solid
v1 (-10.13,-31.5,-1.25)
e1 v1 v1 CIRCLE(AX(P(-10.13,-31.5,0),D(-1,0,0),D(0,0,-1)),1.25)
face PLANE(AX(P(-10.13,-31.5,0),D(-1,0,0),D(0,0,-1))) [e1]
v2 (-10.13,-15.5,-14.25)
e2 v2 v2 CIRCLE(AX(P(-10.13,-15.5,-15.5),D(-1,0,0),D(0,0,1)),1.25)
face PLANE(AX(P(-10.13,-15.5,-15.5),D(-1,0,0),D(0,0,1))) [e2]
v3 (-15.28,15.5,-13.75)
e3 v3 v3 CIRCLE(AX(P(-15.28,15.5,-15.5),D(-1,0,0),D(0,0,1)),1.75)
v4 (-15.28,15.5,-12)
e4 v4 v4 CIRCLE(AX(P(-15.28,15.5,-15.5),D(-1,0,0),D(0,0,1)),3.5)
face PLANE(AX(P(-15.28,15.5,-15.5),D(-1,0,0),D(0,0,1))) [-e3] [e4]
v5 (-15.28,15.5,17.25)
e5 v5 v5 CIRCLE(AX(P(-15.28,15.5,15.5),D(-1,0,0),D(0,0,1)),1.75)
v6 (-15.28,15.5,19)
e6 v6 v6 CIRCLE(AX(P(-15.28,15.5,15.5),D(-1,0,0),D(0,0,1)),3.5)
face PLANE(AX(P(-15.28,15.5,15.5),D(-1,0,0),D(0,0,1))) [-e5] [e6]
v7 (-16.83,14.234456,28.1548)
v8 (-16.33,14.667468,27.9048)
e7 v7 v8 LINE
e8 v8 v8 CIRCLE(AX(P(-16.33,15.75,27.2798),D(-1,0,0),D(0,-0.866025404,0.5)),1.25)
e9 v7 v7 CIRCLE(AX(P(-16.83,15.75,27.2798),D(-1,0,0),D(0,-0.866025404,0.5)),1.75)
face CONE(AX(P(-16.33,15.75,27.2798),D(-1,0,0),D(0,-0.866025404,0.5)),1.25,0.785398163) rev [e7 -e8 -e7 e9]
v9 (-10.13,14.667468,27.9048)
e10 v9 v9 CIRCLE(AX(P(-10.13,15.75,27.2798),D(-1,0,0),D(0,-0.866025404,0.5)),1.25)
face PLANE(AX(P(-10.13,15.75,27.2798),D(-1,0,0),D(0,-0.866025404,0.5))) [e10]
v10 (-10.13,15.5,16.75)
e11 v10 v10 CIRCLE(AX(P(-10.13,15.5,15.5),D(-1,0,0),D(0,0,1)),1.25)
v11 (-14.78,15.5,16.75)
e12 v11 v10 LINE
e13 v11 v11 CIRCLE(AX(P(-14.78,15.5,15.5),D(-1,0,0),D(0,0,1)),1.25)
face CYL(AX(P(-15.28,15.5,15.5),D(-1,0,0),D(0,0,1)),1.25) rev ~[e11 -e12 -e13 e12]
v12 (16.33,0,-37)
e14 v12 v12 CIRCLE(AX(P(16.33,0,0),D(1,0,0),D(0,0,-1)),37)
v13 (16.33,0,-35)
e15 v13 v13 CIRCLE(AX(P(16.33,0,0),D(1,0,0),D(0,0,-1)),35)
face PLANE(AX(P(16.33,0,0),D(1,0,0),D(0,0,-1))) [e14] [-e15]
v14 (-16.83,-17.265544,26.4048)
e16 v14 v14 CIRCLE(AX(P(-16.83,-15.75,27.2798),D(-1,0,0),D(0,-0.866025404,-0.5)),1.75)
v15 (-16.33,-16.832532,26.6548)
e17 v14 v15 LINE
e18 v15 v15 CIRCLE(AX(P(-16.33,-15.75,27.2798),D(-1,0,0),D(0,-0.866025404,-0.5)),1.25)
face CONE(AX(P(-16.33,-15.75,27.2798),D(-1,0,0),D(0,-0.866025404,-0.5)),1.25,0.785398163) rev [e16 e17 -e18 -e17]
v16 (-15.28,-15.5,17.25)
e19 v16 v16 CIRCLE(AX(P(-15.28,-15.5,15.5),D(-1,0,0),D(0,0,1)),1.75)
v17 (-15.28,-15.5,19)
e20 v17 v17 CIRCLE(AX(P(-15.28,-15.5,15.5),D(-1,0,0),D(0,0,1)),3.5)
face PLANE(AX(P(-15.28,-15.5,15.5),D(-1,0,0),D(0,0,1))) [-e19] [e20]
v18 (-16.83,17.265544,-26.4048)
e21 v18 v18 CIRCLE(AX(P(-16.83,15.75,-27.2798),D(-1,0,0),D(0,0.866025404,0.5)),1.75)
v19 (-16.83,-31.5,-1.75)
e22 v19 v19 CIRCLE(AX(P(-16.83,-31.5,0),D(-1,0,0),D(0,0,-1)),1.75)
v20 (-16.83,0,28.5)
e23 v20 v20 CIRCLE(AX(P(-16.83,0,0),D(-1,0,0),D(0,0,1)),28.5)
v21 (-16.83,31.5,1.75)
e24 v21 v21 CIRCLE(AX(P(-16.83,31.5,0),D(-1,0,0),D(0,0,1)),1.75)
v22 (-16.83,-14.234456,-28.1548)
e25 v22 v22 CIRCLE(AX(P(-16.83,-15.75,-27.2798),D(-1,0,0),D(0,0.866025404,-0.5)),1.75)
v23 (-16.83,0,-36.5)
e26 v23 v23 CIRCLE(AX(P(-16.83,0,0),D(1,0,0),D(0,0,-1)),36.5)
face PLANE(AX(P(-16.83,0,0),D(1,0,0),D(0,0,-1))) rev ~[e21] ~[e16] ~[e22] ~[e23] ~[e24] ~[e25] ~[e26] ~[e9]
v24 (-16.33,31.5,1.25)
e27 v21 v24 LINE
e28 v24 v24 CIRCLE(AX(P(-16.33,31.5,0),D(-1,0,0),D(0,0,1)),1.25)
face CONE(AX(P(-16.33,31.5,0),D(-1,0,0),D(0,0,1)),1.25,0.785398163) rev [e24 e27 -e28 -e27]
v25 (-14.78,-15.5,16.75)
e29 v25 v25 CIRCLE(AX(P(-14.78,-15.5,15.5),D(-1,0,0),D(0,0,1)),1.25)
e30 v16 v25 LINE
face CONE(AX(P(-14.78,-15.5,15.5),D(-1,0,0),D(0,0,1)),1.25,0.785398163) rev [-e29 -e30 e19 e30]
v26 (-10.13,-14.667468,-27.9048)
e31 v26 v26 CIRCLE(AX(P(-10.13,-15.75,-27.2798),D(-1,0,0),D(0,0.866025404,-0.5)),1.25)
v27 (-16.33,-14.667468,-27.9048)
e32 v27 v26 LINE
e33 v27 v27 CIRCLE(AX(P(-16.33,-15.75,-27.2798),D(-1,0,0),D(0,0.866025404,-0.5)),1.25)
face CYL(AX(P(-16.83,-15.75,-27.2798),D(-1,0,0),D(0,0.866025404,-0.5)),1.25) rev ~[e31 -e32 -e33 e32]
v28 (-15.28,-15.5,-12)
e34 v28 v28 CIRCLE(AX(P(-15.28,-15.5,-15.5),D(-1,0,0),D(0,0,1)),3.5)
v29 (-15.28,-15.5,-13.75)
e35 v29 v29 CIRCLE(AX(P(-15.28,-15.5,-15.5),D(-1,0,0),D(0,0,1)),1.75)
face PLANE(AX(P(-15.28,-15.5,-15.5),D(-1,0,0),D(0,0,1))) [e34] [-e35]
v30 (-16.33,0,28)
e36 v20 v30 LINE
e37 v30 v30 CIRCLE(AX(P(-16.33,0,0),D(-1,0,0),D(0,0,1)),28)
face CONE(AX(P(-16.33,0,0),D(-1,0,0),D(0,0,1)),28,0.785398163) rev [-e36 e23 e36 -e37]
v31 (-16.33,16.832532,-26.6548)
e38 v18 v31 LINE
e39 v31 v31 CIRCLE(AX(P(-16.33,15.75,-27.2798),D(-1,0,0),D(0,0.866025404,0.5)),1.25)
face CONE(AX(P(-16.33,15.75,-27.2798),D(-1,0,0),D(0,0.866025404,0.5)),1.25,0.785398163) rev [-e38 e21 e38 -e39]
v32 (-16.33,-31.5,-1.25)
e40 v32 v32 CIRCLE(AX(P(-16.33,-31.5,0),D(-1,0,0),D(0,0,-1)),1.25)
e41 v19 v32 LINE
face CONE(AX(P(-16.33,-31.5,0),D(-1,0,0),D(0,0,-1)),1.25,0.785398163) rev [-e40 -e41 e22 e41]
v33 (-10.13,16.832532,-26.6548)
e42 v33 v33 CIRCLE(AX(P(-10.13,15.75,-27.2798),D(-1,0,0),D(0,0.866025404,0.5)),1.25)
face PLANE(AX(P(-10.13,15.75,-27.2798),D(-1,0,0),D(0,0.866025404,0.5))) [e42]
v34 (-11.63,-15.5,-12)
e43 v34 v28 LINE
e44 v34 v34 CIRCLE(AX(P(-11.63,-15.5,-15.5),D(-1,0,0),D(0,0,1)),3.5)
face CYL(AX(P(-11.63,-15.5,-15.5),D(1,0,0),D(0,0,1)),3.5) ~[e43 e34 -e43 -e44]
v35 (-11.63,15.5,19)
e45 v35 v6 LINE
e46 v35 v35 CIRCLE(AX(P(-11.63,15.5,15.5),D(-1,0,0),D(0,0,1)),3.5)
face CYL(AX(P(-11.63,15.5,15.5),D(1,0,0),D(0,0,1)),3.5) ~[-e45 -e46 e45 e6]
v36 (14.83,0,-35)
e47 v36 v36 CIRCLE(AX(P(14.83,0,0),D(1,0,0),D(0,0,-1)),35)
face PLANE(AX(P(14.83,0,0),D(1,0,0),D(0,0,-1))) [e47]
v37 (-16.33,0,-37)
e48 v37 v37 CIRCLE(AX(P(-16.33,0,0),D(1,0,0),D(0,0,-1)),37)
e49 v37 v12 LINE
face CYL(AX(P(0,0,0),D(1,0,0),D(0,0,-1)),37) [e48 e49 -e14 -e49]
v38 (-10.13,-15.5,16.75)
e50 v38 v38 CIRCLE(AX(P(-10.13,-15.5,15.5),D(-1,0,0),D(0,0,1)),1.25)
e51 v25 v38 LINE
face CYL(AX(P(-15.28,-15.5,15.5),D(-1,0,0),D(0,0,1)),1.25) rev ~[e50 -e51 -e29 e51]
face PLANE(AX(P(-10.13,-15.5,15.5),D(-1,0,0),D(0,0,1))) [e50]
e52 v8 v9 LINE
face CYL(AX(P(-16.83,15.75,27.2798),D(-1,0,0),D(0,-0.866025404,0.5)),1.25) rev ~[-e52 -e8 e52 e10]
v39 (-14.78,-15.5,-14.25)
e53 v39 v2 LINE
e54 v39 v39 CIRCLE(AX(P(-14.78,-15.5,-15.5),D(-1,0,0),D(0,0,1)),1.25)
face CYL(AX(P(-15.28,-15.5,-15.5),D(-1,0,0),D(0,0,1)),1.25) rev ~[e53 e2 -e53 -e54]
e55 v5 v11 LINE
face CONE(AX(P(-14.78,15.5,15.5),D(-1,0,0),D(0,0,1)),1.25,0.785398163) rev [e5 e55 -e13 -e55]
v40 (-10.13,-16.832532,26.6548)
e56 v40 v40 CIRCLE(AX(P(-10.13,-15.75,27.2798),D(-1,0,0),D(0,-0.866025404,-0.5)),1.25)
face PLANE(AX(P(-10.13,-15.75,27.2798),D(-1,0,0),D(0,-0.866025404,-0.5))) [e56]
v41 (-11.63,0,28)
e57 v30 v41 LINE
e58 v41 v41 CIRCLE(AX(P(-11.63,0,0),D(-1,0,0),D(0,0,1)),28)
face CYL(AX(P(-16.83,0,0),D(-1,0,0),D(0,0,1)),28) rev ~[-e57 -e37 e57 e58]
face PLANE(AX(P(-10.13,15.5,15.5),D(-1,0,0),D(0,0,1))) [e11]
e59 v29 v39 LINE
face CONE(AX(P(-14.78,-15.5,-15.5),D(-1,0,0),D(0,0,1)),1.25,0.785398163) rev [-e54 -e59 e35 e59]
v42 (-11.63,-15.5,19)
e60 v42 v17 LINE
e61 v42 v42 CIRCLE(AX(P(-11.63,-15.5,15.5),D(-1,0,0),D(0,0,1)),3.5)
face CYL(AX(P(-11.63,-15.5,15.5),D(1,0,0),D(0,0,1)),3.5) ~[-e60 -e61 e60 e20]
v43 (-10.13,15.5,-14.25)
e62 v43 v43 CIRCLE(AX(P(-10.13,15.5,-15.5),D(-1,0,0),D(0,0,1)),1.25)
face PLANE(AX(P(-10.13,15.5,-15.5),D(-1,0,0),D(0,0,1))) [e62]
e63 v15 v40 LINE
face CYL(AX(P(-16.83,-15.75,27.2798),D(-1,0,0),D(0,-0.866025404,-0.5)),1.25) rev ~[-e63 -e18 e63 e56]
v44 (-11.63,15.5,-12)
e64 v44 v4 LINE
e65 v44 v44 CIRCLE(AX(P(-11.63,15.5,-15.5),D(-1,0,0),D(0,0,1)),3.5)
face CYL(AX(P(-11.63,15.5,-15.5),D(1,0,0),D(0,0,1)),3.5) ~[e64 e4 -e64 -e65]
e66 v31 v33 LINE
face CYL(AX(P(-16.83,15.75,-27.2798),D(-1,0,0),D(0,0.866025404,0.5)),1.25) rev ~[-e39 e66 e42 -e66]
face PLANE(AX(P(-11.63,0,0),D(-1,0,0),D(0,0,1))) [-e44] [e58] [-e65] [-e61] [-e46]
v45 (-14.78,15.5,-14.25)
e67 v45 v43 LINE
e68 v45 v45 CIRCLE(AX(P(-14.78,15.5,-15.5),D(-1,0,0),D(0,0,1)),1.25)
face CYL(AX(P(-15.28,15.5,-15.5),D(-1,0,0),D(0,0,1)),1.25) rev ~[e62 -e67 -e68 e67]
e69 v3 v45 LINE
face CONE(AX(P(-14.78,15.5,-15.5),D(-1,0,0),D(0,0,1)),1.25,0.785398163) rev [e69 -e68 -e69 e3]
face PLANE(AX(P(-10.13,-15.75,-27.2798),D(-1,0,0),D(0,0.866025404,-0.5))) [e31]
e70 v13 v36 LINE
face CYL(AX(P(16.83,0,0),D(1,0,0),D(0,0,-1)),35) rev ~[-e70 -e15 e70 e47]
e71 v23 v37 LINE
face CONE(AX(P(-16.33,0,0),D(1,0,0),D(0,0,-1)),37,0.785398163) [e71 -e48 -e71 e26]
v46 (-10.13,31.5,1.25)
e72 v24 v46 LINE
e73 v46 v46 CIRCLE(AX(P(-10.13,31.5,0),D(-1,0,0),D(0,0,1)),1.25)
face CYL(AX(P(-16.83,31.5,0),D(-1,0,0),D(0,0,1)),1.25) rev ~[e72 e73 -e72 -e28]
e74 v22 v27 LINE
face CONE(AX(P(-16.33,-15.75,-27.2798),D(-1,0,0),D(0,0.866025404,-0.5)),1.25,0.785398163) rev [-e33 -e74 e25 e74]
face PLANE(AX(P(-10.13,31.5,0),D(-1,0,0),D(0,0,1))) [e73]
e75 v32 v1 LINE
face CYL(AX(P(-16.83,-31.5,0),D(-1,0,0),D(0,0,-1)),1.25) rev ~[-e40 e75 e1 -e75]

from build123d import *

# Parameters (mm, degrees)
SKETCH1_R                    = 37
BOSS_EXTRUDE1_DEPTH          = 16.83
SKETCH2_R                    = 1.25
CUT_EXTRUDE1_DEPTH           = 6.7
CHAMFER1_SIZE                = 0.5
CIRPATTERN1_COUNT            = 6
CHAMFER1_OF_CIRPATTERN1_SIZE = 0.5
SKETCH3_R                    = 28
CUT_EXTRUDE2_DEPTH           = 5.2
SKETCH4_R                    = 3.5
BOSS_EXTRUDE2_DEPTH          = 3.65
SKETCH5_R                    = 1.25
CUT_EXTRUDE3_DEPTH           = 5.15
CHAMFER2_SIZE                = 0.5
CHAMFER3_SIZE                = 0.5
SKETCH6_R                    = 35
CUT_EXTRUDE4_DEPTH           = 2
SKETCH7_R                    = 37
SKETCH7_R_2                  = 35
CUT_EXTRUDE5_DEPTH           = 0.5


with BuildPart() as part:
    # Sketch1 → Boss-Extrude1 (new, symmetric)
    with BuildSketch(Plane(origin=(0, 0, 0), x_dir=(0, 0, -1), z_dir=(1, 0, 0))):
        Circle(SKETCH1_R)
    extrude(amount=BOSS_EXTRUDE1_DEPTH, both=True)

    # Sketch2 → Cut-Extrude1 (cut)
    with BuildSketch(Plane.ZY.offset(16.83)):
        with Locations((0, 31.5)):
            Circle(SKETCH2_R)
    cut_extrude1 = extrude(amount=-CUT_EXTRUDE1_DEPTH, mode=Mode.SUBTRACT)

    # Chamfer1
    chamfer1_edges = [part.edges().sort_by_distance(p)[0] for p in [
        (-16.83, 31.5, -1.25),
    ]]
    chamfer(chamfer1_edges, length=CHAMFER1_SIZE)

    # CirPattern1: Cut-Extrude1 ×6 about axis
    cirpattern1_axis = Axis((0, 0, 0), (1, 0, 0))
    for i in range(1, CIRPATTERN1_COUNT):
        add(cut_extrude1.rotate(cirpattern1_axis, i * 360 / CIRPATTERN1_COUNT), mode=Mode.SUBTRACT)

    # Chamfer1 of CirPattern1
    chamfer1_of_cirpattern1_edges = [part.edges().sort_by_distance(p)[0] for p in [
        (-16.83, 16.832531755, 26.654800219),
        (-16.83, -14.667468245, 27.904800219),
        (-16.83, -31.5, 1.25),
        (-16.83, -16.832531755, -26.654800219),
        (-16.83, 14.667468245, -27.904800219),
    ]]
    chamfer(chamfer1_of_cirpattern1_edges, length=CHAMFER1_OF_CIRPATTERN1_SIZE)

    # Sketch3 → Cut-Extrude2 (cut)
    with BuildSketch(Plane.ZY.offset(16.83)):
        Circle(SKETCH3_R)
    extrude(amount=-CUT_EXTRUDE2_DEPTH, mode=Mode.SUBTRACT)

    # Sketch4 → Boss-Extrude2 (add)
    with BuildSketch(Plane.ZY.offset(11.63)):
        with Locations((15.5, 15.5)):
            Circle(SKETCH4_R)
        with Locations((-15.5, 15.5)):
            Circle(SKETCH4_R)
        with Locations((-15.5, -15.5)):
            Circle(SKETCH4_R)
        with Locations((15.5, -15.5)):
            Circle(SKETCH4_R)
    extrude(amount=BOSS_EXTRUDE2_DEPTH)

    # Sketch5 → Cut-Extrude3 (cut)
    with BuildSketch(Plane.ZY.offset(15.28)):
        with Locations((-15.5, 15.5)):
            Circle(SKETCH5_R)
        with Locations((15.5, 15.5)):
            Circle(SKETCH5_R)
        with Locations((15.5, -15.5)):
            Circle(SKETCH5_R)
        with Locations((-15.5, -15.5)):
            Circle(SKETCH5_R)
    extrude(amount=-CUT_EXTRUDE3_DEPTH, mode=Mode.SUBTRACT)

    # Chamfer2
    chamfer2_edges = [part.edges().sort_by_distance(p)[0] for p in [
        (-16.83, 0, 37),
        (-16.83, 0, -28),
    ]]
    chamfer(chamfer2_edges, length=CHAMFER2_SIZE)

    # Chamfer3
    chamfer3_edges = [part.edges().sort_by_distance(p)[0] for p in [
        (-15.28, -15.5, -16.75),
        (-15.28, -15.5, 14.25),
        (-15.28, 15.5, 14.25),
        (-15.28, 15.5, -16.75),
    ]]
    chamfer(chamfer3_edges, length=CHAMFER3_SIZE)

    # Sketch6 → Cut-Extrude4 (cut)
    with BuildSketch(Plane(origin=(16.83, 0, 0), x_dir=(0, 0, -1), z_dir=(1, 0, 0))):
        Circle(SKETCH6_R)
    extrude(amount=-CUT_EXTRUDE4_DEPTH, mode=Mode.SUBTRACT)

    # Sketch7 → Cut-Extrude5 (cut)
    with BuildSketch(Plane(origin=(16.83, 0, 0), x_dir=(0, 0, -1), z_dir=(1, 0, 0))):
        Circle(SKETCH7_R)
        Circle(SKETCH7_R_2, mode=Mode.SUBTRACT)
    extrude(amount=-CUT_EXTRUDE5_DEPTH, mode=Mode.SUBTRACT)


solid = part.part
